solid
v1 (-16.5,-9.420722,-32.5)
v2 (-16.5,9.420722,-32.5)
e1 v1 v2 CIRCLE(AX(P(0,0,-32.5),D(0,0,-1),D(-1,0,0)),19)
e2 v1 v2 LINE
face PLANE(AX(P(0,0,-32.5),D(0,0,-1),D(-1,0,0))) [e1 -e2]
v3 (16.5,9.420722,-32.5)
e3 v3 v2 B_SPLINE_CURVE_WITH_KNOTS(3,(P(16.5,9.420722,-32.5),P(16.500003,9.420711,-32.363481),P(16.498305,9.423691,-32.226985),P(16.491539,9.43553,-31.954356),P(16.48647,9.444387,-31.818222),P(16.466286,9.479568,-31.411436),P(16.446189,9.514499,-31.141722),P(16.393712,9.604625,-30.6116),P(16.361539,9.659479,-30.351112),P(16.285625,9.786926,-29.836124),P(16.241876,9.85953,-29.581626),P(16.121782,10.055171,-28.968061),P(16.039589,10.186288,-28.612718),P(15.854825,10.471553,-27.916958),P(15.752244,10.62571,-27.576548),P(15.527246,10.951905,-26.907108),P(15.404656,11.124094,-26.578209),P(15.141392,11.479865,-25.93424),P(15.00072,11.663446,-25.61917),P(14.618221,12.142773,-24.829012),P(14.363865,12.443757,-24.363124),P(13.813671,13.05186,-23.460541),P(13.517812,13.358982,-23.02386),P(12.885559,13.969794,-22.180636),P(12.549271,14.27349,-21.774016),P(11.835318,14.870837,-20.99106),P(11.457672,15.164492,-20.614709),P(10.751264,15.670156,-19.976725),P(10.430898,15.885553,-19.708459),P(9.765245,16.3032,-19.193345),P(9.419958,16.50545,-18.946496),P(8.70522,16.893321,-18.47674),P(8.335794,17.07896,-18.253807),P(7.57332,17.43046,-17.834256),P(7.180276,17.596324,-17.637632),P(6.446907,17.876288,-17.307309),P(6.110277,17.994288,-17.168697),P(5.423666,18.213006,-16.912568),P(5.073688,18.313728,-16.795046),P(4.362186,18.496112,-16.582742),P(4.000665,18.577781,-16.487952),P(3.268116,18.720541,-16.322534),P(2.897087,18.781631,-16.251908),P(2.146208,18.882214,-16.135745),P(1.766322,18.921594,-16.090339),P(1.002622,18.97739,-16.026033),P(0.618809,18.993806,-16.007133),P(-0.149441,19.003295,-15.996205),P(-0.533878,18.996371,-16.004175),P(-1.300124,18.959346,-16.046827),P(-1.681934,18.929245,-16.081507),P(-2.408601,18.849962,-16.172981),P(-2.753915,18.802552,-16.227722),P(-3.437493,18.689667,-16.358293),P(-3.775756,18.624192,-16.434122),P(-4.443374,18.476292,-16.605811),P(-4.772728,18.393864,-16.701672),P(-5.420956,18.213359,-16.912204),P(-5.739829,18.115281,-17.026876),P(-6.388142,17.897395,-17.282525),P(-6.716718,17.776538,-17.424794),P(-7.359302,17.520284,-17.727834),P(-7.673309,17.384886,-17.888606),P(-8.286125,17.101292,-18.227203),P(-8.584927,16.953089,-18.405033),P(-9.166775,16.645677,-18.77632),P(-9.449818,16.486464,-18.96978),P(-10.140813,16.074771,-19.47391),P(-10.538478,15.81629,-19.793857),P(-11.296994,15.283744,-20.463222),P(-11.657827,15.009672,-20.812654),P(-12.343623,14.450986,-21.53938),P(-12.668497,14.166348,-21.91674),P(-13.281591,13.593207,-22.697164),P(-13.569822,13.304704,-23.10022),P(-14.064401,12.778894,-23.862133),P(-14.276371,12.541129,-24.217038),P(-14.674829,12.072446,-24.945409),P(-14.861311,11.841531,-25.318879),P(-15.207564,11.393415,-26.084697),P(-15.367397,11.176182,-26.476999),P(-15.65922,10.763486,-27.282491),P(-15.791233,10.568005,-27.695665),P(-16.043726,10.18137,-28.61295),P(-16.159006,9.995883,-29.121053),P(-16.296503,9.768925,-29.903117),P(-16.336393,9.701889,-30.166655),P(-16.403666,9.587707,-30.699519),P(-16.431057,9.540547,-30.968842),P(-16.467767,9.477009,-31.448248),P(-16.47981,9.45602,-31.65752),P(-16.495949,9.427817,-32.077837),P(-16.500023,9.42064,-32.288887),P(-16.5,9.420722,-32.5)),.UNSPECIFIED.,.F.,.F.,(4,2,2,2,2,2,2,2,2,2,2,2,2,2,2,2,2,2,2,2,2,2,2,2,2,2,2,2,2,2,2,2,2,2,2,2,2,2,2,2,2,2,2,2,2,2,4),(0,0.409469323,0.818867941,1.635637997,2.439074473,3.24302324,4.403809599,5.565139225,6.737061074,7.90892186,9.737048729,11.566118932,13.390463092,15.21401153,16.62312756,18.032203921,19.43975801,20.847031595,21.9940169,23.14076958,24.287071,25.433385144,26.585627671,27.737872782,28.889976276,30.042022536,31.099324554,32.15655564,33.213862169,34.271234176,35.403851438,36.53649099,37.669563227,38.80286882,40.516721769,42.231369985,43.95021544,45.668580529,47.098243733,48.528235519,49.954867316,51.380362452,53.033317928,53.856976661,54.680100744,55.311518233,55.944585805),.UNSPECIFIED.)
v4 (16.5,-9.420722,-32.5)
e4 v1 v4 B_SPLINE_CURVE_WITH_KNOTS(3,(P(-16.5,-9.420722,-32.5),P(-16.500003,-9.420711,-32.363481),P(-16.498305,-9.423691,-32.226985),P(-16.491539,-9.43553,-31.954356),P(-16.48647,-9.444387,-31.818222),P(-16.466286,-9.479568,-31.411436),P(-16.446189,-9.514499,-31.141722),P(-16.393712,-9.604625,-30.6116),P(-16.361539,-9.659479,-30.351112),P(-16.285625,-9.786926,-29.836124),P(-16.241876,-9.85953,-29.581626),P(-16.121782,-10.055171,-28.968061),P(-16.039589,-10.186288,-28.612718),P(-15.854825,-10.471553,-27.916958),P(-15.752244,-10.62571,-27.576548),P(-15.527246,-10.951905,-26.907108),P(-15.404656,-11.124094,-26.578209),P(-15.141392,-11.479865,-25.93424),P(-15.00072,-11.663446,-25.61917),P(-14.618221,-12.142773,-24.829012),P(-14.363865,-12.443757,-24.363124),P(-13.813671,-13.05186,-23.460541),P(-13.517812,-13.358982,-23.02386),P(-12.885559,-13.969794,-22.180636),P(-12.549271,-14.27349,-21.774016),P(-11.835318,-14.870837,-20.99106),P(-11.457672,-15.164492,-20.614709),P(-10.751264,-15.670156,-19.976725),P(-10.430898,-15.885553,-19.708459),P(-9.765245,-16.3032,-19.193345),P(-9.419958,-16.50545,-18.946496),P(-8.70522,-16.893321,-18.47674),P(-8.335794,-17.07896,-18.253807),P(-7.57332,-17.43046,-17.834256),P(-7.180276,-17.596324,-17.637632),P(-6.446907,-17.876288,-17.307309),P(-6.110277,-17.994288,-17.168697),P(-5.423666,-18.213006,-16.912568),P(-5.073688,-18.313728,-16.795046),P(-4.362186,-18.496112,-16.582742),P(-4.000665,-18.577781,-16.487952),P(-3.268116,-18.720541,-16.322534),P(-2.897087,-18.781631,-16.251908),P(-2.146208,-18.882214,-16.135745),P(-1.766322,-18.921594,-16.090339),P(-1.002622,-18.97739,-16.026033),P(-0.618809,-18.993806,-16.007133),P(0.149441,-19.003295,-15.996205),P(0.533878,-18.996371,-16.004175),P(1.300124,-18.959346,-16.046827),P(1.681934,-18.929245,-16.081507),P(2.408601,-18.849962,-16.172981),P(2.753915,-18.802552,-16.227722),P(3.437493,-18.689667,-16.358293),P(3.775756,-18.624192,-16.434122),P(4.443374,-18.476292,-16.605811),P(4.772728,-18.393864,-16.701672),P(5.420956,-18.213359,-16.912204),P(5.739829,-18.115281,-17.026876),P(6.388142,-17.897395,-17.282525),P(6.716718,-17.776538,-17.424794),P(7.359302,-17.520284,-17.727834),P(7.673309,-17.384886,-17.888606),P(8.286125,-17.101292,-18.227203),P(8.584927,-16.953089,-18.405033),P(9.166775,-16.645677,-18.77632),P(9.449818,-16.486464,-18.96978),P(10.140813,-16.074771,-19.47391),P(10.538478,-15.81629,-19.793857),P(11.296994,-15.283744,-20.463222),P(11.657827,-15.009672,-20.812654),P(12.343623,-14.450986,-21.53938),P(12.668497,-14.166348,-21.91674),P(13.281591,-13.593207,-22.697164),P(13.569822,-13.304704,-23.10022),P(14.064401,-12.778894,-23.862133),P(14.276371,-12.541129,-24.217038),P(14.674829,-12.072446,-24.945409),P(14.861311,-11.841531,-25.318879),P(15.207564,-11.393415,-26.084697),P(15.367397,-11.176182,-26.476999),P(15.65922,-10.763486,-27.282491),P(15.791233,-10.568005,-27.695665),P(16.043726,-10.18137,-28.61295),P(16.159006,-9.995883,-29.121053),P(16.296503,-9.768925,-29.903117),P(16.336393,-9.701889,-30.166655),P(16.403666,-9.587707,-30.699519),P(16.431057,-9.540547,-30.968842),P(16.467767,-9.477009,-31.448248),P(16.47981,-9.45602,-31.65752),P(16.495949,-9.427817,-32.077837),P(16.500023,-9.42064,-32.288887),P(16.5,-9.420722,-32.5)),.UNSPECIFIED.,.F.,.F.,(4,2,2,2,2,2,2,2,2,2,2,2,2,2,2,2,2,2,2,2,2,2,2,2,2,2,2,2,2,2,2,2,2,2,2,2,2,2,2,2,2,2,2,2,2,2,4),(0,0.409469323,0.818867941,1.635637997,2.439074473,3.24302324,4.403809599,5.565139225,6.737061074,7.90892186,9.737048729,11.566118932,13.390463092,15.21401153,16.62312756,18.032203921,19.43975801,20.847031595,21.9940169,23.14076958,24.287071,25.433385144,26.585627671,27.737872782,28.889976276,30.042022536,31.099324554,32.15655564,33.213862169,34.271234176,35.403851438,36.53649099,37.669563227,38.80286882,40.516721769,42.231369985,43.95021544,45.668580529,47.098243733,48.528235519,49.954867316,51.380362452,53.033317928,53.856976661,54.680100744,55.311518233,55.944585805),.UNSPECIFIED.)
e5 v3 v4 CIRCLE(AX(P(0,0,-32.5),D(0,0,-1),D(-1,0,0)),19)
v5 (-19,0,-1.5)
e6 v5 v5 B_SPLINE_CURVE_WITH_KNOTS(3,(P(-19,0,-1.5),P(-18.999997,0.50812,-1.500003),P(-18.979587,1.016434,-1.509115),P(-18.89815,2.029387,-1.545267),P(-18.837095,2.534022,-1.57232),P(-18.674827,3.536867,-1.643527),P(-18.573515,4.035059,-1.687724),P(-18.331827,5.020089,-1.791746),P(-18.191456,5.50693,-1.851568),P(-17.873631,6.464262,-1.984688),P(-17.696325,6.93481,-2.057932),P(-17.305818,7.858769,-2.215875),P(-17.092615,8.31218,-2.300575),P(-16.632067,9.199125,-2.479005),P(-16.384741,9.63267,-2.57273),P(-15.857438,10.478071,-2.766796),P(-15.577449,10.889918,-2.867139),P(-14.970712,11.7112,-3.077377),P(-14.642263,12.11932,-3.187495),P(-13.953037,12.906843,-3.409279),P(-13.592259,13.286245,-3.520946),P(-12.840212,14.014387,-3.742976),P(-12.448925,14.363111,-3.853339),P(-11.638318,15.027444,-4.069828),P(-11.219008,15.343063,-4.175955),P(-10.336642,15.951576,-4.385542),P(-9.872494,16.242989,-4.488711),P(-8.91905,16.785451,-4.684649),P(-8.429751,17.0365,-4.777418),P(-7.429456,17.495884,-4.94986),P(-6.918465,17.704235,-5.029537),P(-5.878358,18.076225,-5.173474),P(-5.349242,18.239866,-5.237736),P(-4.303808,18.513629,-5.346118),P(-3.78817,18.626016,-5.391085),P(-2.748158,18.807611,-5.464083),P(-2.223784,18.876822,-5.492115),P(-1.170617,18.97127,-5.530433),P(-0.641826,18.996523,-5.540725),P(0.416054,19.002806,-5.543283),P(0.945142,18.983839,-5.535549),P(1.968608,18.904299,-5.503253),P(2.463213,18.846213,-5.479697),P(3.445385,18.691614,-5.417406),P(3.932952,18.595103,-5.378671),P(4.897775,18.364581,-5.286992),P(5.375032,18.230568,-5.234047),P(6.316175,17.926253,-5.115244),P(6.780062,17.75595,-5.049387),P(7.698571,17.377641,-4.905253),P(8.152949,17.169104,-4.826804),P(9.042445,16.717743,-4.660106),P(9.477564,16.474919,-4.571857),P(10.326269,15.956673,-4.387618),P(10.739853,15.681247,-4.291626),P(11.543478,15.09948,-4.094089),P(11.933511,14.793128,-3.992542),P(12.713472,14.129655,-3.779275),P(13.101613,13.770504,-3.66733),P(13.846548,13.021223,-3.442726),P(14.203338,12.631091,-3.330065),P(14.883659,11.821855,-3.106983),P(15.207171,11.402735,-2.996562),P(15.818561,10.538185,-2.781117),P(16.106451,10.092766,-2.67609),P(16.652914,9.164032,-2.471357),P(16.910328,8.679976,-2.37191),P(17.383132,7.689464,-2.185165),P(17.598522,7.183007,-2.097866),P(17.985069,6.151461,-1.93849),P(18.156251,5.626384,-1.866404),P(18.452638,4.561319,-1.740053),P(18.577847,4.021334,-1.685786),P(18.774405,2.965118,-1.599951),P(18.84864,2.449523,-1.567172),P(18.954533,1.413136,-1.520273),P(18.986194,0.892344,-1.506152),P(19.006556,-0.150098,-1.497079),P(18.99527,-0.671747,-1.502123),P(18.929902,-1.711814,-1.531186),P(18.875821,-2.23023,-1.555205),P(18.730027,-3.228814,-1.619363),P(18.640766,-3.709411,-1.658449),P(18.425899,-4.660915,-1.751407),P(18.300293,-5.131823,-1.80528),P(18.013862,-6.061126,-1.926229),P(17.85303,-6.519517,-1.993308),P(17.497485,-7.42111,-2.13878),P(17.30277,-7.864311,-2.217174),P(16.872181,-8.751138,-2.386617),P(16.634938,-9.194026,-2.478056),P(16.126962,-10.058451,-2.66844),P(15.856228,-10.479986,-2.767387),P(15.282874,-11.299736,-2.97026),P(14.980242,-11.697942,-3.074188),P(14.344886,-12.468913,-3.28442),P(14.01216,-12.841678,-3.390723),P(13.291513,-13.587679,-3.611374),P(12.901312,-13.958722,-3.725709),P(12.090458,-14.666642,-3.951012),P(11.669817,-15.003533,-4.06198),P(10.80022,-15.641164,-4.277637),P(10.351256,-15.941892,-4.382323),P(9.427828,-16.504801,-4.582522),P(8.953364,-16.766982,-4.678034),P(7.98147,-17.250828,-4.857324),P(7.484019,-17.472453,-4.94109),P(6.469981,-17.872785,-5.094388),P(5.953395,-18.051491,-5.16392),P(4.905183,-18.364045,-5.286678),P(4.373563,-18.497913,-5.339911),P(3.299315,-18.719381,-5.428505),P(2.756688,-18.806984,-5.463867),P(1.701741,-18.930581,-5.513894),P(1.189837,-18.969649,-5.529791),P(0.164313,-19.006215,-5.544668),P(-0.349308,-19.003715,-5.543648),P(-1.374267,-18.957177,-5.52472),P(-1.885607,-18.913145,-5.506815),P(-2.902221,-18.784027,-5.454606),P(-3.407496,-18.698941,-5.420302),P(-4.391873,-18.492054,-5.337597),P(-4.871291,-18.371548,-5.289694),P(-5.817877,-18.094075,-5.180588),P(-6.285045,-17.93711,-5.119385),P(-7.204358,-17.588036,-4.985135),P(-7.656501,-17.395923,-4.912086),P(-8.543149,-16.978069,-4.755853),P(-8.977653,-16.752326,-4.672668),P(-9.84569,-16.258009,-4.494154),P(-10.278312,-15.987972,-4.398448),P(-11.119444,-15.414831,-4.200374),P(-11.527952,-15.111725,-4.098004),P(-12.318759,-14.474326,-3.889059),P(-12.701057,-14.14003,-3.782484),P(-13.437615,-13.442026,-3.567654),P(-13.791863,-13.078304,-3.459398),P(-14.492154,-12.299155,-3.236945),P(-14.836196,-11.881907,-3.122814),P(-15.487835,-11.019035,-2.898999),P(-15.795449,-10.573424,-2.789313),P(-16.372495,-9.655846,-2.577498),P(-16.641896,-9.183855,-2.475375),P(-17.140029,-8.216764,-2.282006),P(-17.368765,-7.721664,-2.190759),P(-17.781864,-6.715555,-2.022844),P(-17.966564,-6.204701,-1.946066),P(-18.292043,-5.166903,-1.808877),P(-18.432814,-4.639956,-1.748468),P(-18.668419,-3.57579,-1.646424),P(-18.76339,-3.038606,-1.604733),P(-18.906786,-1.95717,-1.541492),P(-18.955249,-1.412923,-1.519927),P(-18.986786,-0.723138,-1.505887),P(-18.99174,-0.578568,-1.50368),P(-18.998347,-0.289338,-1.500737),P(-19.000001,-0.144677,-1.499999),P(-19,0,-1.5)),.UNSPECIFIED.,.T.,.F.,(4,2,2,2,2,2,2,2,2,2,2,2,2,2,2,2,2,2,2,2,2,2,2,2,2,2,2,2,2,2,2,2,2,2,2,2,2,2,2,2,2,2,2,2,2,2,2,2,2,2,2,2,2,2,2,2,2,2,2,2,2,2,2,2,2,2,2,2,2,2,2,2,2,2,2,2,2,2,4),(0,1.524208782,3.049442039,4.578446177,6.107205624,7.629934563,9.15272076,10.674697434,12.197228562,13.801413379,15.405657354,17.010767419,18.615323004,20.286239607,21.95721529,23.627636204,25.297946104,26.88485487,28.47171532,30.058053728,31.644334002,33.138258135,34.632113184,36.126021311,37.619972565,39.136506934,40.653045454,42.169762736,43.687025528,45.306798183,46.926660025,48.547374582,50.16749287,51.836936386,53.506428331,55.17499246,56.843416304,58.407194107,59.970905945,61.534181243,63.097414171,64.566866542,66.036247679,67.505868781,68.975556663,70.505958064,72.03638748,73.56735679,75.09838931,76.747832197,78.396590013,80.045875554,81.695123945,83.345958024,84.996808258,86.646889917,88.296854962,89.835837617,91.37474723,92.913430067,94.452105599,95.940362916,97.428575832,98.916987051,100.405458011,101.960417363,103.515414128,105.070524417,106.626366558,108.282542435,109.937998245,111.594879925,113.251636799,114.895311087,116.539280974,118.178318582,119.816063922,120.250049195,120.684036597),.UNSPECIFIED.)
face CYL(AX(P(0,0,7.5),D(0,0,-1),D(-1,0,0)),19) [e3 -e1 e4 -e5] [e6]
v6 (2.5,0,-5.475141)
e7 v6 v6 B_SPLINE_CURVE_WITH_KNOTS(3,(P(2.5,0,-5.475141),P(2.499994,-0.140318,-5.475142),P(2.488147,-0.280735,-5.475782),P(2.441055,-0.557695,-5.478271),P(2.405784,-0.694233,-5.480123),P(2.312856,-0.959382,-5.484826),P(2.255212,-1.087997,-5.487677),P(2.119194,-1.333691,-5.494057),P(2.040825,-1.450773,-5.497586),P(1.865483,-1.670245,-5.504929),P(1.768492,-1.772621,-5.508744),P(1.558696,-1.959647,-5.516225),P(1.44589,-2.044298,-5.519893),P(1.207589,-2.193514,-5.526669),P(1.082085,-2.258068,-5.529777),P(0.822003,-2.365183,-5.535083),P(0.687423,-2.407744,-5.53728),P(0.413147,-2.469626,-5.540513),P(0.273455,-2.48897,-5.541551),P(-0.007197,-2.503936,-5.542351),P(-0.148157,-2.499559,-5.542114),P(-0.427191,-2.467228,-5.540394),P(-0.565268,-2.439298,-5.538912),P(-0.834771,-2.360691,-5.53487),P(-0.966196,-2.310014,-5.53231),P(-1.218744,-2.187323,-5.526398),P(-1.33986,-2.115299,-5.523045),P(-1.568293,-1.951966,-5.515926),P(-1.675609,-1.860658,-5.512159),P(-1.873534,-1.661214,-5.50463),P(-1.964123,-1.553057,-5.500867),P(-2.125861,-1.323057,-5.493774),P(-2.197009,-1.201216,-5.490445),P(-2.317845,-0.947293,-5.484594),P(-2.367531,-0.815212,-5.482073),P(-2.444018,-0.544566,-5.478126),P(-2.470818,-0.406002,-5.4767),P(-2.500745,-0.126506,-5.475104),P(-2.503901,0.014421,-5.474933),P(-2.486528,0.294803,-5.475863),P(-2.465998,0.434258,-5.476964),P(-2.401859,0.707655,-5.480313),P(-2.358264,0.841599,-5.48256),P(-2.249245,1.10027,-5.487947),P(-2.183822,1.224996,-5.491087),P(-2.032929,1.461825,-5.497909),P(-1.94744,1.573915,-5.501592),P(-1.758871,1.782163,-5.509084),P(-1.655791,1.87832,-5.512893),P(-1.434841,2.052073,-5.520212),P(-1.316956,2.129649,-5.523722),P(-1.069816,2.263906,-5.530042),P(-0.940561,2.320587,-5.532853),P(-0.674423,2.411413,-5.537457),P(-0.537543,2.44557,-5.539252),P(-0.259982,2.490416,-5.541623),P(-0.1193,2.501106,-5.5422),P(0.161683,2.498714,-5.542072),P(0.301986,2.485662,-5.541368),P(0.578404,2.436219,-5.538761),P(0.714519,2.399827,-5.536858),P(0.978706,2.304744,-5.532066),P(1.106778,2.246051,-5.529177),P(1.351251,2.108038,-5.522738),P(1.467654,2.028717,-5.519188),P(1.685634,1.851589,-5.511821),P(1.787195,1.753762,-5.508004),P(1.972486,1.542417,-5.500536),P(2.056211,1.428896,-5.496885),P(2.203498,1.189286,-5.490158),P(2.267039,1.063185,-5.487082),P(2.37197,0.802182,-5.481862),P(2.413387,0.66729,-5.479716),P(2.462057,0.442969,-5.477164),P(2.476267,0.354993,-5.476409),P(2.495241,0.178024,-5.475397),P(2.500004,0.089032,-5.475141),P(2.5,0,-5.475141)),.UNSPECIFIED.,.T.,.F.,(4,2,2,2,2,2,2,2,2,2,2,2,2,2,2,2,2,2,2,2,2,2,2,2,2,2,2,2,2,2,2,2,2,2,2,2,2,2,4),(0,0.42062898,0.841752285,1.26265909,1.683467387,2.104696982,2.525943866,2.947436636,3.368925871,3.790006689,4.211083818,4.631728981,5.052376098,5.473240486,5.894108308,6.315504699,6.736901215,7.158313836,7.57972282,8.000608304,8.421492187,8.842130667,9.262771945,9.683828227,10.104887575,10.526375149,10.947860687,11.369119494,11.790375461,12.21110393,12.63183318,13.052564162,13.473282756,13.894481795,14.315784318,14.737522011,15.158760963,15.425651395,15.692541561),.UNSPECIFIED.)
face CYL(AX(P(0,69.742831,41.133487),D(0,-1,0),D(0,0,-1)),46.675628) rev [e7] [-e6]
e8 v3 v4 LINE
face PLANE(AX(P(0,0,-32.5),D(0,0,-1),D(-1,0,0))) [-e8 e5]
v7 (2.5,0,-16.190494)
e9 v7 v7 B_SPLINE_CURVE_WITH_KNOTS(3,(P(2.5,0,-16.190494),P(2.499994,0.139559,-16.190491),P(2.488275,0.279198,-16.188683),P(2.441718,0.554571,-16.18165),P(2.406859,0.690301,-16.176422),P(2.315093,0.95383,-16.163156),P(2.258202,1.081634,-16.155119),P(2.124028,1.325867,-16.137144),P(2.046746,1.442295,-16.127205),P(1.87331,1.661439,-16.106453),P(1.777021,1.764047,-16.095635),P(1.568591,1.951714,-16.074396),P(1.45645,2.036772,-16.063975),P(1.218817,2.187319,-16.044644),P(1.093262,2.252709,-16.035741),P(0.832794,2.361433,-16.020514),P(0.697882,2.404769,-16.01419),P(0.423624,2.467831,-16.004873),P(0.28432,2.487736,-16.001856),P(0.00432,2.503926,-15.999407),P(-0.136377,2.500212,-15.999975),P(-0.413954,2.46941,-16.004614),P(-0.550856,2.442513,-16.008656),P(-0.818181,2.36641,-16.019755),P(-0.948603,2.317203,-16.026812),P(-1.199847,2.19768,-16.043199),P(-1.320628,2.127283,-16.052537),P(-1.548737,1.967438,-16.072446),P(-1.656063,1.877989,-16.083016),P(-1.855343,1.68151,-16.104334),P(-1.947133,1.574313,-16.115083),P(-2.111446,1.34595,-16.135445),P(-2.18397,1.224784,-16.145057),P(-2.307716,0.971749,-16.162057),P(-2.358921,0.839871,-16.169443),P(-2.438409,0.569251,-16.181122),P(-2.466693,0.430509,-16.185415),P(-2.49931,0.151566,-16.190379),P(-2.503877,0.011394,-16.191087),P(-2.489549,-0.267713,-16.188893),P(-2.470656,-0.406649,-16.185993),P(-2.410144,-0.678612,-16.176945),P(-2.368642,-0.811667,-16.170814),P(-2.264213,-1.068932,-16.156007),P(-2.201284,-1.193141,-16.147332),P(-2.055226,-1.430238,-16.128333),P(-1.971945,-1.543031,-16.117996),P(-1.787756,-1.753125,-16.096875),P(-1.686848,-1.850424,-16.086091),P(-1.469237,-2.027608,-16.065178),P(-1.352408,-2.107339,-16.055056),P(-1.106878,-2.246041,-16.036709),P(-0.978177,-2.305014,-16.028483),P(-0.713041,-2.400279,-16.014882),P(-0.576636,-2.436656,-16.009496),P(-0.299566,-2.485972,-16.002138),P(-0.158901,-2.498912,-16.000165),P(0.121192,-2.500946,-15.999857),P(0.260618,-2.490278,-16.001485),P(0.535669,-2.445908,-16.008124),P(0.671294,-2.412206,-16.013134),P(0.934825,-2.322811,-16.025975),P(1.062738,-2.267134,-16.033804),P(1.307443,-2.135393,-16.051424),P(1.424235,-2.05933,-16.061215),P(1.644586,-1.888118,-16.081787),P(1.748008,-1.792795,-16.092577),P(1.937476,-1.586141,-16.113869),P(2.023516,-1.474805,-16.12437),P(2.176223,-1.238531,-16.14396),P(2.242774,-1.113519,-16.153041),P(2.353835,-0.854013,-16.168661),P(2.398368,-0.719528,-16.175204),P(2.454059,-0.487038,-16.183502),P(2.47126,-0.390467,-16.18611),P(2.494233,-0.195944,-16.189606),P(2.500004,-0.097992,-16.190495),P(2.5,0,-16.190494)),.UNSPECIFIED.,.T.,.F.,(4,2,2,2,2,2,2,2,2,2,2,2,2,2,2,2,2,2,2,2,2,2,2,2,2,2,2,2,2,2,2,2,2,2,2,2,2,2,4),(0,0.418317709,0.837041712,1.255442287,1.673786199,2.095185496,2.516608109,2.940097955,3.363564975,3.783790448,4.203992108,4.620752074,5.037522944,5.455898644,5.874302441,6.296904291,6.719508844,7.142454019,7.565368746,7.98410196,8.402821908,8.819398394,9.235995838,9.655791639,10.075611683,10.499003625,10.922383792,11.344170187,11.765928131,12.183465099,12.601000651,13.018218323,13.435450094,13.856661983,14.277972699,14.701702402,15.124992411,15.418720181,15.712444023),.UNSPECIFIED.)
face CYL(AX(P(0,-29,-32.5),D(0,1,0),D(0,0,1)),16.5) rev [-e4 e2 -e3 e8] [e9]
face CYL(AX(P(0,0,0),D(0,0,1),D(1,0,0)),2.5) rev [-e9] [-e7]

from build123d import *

# Parameters (mm, degrees)
ESBO_O1_R                  = 19
RESSALTO_EXTRUS_O1_DEPTH   = 7.5
CORTE_EXTRUS_O1_DEPTH      = 28.897132469
CORTE_EXTRUS_O1_DEPTH_BACK = 28.897132469
ESBO_O7_R                  = 19
RESSALTO_EXTRUS_O3_DEPTH   = 25
ESBO_O8_R                  = 16.5
CORTE_EXTRUS_O2_DEPTH      = 29
FURO_ROSCADO_DE_M62_D      = 5


with BuildPart() as part:
    # Esboço1 → Ressalto-extrusão1 (new, symmetric)
    with BuildSketch(Plane.XY):
        Circle(ESBO_O1_R)
    extrude(amount=RESSALTO_EXTRUS_O1_DEPTH, both=True)

    # Esboço2 → Corte-extrusão1 (cut, two sides: drawn at the far end of the back side and taken through both)
    with BuildSketch(Plane(origin=(0, 0, 0), x_dir=(1, 0, 0), z_dir=(0, 1, 0)).offset(-CORTE_EXTRUS_O1_DEPTH_BACK)):
        with BuildLine():
            Line((-99.472761542, -34.36341569), (-19, 1.5))
            ThreePointArc((-19, 1.5), (0, 5.542140614), (19, 1.5))
            Line((19, 1.5), (99.472761542, -34.36341569))
            Line((99.472761542, -34.36341569), (99.472761542, -210.568409208))
            Line((99.472761542, -210.568409208), (-99.472761542, -210.568409208))
            Line((-99.472761542, -210.568409208), (-99.472761542, -34.36341569))
        make_face()
    extrude(amount=CORTE_EXTRUS_O1_DEPTH + CORTE_EXTRUS_O1_DEPTH_BACK, mode=Mode.SUBTRACT)

    # Esboço7 → Ressalto-extrusão3 (add)
    with BuildSketch(Plane(origin=(0, 0, -7.5), x_dir=(-1, 0, 0), z_dir=(0, 0, -1))):
        Circle(ESBO_O7_R)
    extrude(amount=RESSALTO_EXTRUS_O3_DEPTH)

    # Esboço8 → Corte-extrusão2 (cut, symmetric)
    with BuildSketch(Plane(origin=(0, 0, 0), x_dir=(1, 0, 0), z_dir=(0, 1, 0))):
        with Locations((0, 32.5)):
            Circle(ESBO_O8_R)
    extrude(amount=CORTE_EXTRUS_O2_DEPTH, both=True, mode=Mode.SUBTRACT)

    # Furo roscado de M62 (through all)
    with Locations(Plane.XY):
        with Locations((0, 0)):
            Hole(FURO_ROSCADO_DE_M62_D / 2)


solid = part.part
